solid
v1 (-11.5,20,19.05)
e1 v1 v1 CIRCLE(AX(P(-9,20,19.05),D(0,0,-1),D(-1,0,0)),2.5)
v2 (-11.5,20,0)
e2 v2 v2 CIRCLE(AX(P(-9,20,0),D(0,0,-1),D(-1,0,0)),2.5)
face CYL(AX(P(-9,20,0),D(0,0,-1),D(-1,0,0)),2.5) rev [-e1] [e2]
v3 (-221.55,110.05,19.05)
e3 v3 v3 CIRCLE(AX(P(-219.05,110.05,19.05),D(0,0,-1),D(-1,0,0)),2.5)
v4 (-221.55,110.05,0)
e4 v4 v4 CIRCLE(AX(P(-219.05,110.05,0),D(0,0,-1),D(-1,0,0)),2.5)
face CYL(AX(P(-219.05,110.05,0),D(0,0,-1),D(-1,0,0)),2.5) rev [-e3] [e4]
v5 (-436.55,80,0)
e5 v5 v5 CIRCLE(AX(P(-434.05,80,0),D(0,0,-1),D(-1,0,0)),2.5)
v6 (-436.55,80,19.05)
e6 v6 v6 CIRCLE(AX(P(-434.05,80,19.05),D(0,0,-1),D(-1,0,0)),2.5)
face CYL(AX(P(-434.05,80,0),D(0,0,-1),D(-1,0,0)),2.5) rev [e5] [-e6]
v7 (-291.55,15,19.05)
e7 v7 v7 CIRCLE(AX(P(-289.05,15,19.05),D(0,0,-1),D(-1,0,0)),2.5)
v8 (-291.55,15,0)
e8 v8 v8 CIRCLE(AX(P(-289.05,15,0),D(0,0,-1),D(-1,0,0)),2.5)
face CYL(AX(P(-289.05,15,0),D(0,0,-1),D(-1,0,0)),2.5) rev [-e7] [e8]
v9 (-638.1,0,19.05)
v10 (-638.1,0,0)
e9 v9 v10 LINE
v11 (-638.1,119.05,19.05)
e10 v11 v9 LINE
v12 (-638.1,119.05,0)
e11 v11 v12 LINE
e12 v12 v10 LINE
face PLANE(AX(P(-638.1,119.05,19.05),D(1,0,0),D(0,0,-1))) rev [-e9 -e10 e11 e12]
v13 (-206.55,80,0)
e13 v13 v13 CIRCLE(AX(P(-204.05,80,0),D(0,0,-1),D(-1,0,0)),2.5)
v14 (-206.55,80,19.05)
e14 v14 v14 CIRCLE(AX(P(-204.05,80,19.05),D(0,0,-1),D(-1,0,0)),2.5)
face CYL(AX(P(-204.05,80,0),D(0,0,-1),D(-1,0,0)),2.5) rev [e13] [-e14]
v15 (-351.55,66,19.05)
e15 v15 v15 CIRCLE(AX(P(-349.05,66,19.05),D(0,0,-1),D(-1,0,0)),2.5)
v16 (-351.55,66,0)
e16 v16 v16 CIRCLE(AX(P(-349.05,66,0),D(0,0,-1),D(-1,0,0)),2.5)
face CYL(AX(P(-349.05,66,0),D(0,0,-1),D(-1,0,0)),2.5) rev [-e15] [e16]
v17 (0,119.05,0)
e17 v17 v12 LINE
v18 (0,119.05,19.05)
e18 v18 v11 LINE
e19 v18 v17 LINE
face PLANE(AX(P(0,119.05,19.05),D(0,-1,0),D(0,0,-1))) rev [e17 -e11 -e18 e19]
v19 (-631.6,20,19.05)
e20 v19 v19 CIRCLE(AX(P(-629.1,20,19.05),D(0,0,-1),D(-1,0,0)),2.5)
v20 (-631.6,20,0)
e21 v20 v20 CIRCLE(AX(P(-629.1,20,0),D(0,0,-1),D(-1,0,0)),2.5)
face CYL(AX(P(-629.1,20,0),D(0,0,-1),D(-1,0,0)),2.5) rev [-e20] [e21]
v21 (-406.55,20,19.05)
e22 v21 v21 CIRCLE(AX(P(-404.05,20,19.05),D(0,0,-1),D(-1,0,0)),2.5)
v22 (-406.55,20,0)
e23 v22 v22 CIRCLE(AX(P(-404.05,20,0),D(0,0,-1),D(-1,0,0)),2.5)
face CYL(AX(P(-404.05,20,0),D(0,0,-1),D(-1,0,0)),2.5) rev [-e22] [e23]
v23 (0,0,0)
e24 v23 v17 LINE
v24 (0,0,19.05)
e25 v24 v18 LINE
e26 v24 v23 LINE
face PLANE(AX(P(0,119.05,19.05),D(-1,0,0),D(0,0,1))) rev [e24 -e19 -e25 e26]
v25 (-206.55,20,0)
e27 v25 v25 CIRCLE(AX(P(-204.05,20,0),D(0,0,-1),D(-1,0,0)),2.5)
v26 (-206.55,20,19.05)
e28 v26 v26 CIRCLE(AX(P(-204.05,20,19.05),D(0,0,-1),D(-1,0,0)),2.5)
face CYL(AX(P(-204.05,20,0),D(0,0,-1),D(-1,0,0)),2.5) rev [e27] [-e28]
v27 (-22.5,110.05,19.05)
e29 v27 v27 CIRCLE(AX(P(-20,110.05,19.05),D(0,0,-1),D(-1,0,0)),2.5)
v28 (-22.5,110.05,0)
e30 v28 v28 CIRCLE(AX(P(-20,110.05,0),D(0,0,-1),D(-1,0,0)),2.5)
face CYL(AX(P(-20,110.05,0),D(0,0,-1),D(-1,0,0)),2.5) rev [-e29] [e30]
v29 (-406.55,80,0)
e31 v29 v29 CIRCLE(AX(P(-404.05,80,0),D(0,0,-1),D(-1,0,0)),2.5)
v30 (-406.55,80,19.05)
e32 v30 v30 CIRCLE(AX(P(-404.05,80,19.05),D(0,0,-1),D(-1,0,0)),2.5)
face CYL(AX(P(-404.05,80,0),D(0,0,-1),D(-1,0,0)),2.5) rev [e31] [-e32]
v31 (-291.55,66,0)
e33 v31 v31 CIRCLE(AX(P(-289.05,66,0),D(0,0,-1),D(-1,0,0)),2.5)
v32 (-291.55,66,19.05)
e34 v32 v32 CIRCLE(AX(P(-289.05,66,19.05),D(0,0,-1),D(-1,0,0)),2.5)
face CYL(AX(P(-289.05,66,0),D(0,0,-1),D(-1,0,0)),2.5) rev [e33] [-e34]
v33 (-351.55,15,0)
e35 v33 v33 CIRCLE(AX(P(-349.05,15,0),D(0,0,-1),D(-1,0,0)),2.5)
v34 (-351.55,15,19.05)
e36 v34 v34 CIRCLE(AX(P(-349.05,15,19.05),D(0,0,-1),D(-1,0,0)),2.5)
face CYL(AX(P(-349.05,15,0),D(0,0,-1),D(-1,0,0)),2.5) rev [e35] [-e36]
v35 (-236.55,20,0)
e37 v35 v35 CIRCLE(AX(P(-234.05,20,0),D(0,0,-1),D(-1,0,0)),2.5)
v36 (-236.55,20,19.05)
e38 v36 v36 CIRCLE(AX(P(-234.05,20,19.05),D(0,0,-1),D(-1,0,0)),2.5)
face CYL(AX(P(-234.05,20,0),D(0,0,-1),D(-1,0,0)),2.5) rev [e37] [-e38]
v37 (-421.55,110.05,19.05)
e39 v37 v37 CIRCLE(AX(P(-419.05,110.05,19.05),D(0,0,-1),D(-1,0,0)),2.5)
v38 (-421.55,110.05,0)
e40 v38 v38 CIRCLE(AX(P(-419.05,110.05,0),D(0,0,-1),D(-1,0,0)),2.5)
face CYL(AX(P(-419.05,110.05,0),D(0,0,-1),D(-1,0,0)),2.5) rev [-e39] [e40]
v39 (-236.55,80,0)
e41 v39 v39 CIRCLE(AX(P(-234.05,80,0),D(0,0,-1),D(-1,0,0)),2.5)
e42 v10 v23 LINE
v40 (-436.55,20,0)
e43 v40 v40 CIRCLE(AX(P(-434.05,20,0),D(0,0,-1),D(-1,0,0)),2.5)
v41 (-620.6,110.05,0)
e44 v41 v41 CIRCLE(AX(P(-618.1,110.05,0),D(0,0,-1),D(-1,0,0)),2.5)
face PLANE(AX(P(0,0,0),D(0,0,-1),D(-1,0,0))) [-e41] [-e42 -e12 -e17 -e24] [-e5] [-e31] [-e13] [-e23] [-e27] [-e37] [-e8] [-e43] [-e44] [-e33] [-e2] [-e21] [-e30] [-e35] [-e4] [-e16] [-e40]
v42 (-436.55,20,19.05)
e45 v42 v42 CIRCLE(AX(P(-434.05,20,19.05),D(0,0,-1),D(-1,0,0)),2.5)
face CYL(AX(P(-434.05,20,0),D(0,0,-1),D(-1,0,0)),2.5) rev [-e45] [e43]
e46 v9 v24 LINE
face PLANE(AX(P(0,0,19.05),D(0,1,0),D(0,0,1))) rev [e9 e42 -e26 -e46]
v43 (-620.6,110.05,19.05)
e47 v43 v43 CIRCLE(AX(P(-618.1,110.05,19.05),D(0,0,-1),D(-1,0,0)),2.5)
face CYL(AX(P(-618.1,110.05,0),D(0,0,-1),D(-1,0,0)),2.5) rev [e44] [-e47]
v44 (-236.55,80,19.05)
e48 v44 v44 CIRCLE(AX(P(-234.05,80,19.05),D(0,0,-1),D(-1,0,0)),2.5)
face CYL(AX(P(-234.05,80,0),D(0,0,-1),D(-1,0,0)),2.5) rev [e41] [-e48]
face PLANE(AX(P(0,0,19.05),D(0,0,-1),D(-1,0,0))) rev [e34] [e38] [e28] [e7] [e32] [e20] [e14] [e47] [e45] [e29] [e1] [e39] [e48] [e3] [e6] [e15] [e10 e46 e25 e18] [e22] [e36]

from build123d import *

# Parameters (mm, degrees)
SKETCH1_W                 = 638.1
SKETCH1_H                 = 119.05
BOSS_EXTRUDE1_DEPTH       = 19.05
F_5_0MM_DOWEL_HOLE1_D     = 5
F_5_0MM_DOWEL_HOLE1_DEPTH = 28.497848452
F_5_0MM_DOWEL_HOLE1_TIP   = 1.502151548


with BuildPart() as part:
    # Sketch1 → Boss-Extrude1 (new body)
    with BuildSketch(Plane.XY):
        with Locations((-319.05, 59.525)):
            Rectangle(SKETCH1_W, SKETCH1_H)
    extrude(amount=BOSS_EXTRUDE1_DEPTH)

    # Ø5.0mm Dowel Hole1
    with Locations(Plane(origin=(0, 0, 0), x_dir=(-1, 0, 0), z_dir=(0, 0, -1))):
        with Locations((434.05, 20), (404.05, 20), (404.05, 80), (434.05, 80), (349.05, 15), (349.05, 66), (289.05, 66), (289.05, 15), (234.05, 20), (234.05, 80), (204.05, 80), (204.05, 20), (629.1, 20), (618.1, 110.05), (419.05, 110.05), (219.05, 110.05), (20, 110.05), (9, 20)):
            Hole(F_5_0MM_DOWEL_HOLE1_D / 2, depth=F_5_0MM_DOWEL_HOLE1_DEPTH)
            with Locations((0, 0, -(F_5_0MM_DOWEL_HOLE1_DEPTH + F_5_0MM_DOWEL_HOLE1_TIP / 2))):  # 118° drill point
                Cone(0, F_5_0MM_DOWEL_HOLE1_D / 2, F_5_0MM_DOWEL_HOLE1_TIP, mode=Mode.SUBTRACT)


solid = part.part
